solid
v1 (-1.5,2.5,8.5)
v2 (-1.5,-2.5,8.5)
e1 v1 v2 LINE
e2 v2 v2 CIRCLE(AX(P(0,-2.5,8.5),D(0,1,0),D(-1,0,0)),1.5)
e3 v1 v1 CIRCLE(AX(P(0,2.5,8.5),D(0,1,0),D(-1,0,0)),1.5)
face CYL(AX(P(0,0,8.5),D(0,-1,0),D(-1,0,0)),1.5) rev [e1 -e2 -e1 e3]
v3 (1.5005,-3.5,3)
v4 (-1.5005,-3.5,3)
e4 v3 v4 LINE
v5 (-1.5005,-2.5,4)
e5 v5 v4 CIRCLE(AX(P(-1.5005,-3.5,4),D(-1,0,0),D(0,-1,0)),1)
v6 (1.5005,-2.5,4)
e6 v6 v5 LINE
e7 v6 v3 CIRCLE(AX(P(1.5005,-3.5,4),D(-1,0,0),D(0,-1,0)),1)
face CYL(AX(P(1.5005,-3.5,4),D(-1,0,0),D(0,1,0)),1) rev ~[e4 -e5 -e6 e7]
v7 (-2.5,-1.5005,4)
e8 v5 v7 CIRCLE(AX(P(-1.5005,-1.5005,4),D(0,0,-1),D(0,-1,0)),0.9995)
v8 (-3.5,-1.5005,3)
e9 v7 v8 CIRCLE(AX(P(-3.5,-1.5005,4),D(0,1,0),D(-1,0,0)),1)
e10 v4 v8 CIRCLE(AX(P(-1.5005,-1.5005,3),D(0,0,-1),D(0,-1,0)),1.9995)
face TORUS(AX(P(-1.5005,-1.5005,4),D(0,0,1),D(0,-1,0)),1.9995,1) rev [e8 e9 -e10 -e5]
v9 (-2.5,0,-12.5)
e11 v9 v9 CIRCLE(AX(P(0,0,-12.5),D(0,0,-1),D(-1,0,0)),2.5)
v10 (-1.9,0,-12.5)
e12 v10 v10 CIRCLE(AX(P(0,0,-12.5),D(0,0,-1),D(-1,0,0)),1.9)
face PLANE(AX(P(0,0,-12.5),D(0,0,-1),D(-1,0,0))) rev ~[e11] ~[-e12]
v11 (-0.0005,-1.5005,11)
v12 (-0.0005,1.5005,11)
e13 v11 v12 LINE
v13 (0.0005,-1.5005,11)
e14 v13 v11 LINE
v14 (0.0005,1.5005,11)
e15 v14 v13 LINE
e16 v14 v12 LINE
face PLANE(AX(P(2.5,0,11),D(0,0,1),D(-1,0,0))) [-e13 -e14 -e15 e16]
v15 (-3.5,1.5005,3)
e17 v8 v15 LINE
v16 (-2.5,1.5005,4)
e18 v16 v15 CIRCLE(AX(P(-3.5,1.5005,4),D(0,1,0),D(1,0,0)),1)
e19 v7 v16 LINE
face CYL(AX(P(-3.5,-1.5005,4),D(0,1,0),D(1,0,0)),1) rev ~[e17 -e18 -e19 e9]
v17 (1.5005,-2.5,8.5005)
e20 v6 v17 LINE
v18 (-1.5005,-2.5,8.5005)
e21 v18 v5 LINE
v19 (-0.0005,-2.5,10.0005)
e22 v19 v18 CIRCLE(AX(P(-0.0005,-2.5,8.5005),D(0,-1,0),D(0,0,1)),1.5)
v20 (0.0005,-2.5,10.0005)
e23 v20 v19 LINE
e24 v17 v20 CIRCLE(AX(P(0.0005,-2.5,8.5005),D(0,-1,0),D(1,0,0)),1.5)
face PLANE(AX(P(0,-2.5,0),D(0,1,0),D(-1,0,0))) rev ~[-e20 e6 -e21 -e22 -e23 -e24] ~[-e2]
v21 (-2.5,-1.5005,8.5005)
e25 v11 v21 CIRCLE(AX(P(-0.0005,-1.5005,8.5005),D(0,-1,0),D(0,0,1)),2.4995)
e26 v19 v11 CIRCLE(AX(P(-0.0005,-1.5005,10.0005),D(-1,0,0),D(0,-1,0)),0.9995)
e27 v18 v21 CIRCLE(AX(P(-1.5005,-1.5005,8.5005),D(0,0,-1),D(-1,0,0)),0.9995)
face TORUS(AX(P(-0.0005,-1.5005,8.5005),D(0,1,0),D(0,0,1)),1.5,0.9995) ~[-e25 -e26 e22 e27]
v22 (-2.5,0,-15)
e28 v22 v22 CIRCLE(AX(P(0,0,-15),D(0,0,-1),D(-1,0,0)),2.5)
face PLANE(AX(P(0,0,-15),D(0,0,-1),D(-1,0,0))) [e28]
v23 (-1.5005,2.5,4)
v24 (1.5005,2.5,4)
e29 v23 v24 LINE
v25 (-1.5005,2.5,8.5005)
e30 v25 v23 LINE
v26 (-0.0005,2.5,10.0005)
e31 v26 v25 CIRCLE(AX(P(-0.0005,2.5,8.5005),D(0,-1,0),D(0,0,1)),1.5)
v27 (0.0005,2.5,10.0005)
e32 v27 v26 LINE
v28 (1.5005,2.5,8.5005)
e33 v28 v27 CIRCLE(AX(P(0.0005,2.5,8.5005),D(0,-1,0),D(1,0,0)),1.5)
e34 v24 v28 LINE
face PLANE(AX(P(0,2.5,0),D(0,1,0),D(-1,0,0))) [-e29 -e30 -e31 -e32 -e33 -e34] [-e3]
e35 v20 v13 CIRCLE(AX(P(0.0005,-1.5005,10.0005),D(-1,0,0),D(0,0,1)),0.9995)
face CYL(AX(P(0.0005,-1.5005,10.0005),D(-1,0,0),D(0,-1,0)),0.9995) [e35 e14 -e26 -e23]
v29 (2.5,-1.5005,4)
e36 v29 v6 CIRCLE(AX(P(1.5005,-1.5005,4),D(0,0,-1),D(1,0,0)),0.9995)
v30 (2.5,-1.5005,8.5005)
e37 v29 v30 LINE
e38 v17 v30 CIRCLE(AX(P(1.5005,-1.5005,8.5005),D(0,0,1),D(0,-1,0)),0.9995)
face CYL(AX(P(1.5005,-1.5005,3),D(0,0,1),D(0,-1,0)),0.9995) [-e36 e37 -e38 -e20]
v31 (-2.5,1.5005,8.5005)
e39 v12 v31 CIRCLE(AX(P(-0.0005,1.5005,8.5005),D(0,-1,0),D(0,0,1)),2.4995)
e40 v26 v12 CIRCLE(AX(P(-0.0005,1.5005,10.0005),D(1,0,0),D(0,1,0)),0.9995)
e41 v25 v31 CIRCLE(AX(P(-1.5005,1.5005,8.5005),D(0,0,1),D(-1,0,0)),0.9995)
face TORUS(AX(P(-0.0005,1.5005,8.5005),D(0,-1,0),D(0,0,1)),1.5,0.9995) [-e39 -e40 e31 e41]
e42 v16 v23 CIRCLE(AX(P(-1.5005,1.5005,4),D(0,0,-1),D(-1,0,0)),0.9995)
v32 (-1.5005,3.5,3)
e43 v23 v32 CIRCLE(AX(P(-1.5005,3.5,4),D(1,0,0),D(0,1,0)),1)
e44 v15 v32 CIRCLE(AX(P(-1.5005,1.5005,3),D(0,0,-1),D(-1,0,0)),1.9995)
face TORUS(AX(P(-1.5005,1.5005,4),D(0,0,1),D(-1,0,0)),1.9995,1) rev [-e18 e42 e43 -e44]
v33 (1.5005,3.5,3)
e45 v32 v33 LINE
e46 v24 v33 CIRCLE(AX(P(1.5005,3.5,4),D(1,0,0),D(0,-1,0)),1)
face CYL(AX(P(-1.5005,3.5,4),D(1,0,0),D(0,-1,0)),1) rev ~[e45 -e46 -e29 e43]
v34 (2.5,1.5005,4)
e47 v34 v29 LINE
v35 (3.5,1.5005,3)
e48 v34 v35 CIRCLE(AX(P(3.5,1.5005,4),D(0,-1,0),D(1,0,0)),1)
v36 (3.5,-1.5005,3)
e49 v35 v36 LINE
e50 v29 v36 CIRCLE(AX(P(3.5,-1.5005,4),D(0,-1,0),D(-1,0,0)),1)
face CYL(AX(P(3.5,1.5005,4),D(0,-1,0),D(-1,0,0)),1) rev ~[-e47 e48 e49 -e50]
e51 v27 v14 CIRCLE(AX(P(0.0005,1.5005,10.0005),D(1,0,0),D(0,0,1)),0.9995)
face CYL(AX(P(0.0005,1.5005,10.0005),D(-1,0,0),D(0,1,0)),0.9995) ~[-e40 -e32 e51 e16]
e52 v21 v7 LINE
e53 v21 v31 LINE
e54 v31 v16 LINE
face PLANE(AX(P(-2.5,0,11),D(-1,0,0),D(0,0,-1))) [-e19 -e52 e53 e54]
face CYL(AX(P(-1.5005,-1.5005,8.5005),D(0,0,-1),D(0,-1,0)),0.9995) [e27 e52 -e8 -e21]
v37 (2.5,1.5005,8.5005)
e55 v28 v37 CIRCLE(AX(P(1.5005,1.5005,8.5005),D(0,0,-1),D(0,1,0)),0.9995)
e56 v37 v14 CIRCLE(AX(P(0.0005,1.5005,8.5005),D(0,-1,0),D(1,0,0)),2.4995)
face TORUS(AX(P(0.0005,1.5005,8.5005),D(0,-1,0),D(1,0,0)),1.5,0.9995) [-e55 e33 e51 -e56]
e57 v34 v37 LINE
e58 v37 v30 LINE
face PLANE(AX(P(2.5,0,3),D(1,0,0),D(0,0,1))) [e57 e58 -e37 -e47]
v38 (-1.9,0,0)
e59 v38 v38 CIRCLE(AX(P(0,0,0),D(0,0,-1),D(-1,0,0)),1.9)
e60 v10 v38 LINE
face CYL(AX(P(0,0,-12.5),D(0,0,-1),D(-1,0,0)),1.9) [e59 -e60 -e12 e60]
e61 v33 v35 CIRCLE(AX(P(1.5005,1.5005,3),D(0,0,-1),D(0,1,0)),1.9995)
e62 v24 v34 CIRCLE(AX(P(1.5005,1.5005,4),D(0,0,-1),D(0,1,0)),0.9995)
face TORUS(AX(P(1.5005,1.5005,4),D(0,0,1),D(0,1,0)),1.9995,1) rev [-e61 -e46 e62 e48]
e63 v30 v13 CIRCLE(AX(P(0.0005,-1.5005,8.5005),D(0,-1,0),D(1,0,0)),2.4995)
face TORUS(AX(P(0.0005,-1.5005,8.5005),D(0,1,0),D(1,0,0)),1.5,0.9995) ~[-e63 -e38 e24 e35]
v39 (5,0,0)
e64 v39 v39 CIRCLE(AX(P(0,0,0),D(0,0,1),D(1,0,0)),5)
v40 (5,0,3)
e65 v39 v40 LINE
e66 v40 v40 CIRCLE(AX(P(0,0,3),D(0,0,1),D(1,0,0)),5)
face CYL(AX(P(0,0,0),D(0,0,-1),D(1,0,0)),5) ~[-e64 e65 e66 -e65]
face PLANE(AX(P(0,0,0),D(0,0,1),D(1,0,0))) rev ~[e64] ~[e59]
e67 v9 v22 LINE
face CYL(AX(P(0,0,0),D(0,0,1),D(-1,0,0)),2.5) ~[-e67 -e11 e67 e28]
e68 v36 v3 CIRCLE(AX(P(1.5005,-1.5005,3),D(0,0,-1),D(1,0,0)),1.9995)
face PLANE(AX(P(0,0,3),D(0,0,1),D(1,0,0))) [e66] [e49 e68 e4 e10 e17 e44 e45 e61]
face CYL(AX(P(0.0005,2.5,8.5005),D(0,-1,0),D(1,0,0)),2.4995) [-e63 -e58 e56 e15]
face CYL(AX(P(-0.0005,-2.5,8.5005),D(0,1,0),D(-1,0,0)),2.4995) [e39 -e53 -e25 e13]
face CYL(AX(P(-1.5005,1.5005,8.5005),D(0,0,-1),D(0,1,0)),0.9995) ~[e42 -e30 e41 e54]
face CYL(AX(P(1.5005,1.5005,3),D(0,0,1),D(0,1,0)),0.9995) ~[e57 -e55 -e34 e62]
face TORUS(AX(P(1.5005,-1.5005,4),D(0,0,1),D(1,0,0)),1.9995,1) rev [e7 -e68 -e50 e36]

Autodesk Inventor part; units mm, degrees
ref_plane "YZ Plane" through (0, 0, 0) normal (1, 0, 0) x (0, 1, 0)
sketch "스케치1" plane through (0, 0, 0) normal (0, 0, 1) x (1, 0, 0)
  circle A0 centre (0, 0) radius 5
  dimension "d0" = 10
extrude "돌출1" add sketch "스케치1" along normal blind 3
ref_plane "작업 평면1" through (0, 0, 0) normal (0, 1, 0) x (-1, 0, 0)
sketch "스케치2" plane through (0, 0, 0) normal (0, 1, 0) x (-1, 0, 0)
  line L0 (5, 3) -> (-5, 3) projected
  line L1 (2.5, 3) -> (-2.5, 3)
  line L2 (-2.5, 3) -> (-2.5, 11)
  line L3 (-2.5, 11) -> (2.5, 11)
  line L4 (2.5, 11) -> (2.5, 3)
  circle A0 centre (0, 8.5) radius 1.5
  point P0 (0, 0)
  point P1 (0, 3)
  point P2 (0, 11)
  dimension "d3" = 5
  dimension "d4" = 8
  dimension "d5" = 3
  dimension "d15" = 2.5
extrude "돌출2" add sketch "스케치2" along normal mid plane 5
fillet "모깎기1" radius 2.5 2 edges at (2.5, 0, 11) (-2.5, 0, 11)
fillet "모깎기2" radius 1 6 edges at (1.7679, 2.5, 10.2679) (2.5, 2.5, 5.7503) (-2.5, 2.5, 5.7503) (1.7679, -2.5, 10.2679) (2.5, -2.5, 5.7503) (-2.5, -2.5, 5.7503)
fillet "모깎기3" radius 1 8 edges at (-2.2073, -2.2073, 3) (-2.5, 0, 3) (-2.2073, 2.2073, 3) (0, 2.5, 3) (2.2073, 2.2073, 3) (2.5, 0, 3) (2.2073, -2.2073, 3) (0, -2.5, 3)
sketch "스케치3" plane through (0, 0, 0) normal (0, 0, -1) x (-1, 0, 0)
  circle A0 centre (0, 0) radius 4
  circle A1 centre (0, 0) radius 2.5
  dimension "d11" = 8
  dimension "d12" = 5
extrude "돌출3" add sketch "스케치3" along normal blind 15 contours A1
ref_plane "작업 평면2" through (0, 0, -12.5) normal (0, 0, -1) x (-1, 0, 0)
sketch "스케치4" plane through (0, 0, -12.5) normal (0, 0, -1) x (-1, 0, 0)
  circle A0 centre (0, 0) radius 1.9
  circle A1 centre (0, 0) radius 2.5 projected
  circle A2 centre (0, 0) radius 2.5 projected
  dimension "d17" = 3.8
extrude "돌출4" cut sketch "스케치4" against normal up to surface (12.5 mm away)
properties part number "SuspensionBase"
